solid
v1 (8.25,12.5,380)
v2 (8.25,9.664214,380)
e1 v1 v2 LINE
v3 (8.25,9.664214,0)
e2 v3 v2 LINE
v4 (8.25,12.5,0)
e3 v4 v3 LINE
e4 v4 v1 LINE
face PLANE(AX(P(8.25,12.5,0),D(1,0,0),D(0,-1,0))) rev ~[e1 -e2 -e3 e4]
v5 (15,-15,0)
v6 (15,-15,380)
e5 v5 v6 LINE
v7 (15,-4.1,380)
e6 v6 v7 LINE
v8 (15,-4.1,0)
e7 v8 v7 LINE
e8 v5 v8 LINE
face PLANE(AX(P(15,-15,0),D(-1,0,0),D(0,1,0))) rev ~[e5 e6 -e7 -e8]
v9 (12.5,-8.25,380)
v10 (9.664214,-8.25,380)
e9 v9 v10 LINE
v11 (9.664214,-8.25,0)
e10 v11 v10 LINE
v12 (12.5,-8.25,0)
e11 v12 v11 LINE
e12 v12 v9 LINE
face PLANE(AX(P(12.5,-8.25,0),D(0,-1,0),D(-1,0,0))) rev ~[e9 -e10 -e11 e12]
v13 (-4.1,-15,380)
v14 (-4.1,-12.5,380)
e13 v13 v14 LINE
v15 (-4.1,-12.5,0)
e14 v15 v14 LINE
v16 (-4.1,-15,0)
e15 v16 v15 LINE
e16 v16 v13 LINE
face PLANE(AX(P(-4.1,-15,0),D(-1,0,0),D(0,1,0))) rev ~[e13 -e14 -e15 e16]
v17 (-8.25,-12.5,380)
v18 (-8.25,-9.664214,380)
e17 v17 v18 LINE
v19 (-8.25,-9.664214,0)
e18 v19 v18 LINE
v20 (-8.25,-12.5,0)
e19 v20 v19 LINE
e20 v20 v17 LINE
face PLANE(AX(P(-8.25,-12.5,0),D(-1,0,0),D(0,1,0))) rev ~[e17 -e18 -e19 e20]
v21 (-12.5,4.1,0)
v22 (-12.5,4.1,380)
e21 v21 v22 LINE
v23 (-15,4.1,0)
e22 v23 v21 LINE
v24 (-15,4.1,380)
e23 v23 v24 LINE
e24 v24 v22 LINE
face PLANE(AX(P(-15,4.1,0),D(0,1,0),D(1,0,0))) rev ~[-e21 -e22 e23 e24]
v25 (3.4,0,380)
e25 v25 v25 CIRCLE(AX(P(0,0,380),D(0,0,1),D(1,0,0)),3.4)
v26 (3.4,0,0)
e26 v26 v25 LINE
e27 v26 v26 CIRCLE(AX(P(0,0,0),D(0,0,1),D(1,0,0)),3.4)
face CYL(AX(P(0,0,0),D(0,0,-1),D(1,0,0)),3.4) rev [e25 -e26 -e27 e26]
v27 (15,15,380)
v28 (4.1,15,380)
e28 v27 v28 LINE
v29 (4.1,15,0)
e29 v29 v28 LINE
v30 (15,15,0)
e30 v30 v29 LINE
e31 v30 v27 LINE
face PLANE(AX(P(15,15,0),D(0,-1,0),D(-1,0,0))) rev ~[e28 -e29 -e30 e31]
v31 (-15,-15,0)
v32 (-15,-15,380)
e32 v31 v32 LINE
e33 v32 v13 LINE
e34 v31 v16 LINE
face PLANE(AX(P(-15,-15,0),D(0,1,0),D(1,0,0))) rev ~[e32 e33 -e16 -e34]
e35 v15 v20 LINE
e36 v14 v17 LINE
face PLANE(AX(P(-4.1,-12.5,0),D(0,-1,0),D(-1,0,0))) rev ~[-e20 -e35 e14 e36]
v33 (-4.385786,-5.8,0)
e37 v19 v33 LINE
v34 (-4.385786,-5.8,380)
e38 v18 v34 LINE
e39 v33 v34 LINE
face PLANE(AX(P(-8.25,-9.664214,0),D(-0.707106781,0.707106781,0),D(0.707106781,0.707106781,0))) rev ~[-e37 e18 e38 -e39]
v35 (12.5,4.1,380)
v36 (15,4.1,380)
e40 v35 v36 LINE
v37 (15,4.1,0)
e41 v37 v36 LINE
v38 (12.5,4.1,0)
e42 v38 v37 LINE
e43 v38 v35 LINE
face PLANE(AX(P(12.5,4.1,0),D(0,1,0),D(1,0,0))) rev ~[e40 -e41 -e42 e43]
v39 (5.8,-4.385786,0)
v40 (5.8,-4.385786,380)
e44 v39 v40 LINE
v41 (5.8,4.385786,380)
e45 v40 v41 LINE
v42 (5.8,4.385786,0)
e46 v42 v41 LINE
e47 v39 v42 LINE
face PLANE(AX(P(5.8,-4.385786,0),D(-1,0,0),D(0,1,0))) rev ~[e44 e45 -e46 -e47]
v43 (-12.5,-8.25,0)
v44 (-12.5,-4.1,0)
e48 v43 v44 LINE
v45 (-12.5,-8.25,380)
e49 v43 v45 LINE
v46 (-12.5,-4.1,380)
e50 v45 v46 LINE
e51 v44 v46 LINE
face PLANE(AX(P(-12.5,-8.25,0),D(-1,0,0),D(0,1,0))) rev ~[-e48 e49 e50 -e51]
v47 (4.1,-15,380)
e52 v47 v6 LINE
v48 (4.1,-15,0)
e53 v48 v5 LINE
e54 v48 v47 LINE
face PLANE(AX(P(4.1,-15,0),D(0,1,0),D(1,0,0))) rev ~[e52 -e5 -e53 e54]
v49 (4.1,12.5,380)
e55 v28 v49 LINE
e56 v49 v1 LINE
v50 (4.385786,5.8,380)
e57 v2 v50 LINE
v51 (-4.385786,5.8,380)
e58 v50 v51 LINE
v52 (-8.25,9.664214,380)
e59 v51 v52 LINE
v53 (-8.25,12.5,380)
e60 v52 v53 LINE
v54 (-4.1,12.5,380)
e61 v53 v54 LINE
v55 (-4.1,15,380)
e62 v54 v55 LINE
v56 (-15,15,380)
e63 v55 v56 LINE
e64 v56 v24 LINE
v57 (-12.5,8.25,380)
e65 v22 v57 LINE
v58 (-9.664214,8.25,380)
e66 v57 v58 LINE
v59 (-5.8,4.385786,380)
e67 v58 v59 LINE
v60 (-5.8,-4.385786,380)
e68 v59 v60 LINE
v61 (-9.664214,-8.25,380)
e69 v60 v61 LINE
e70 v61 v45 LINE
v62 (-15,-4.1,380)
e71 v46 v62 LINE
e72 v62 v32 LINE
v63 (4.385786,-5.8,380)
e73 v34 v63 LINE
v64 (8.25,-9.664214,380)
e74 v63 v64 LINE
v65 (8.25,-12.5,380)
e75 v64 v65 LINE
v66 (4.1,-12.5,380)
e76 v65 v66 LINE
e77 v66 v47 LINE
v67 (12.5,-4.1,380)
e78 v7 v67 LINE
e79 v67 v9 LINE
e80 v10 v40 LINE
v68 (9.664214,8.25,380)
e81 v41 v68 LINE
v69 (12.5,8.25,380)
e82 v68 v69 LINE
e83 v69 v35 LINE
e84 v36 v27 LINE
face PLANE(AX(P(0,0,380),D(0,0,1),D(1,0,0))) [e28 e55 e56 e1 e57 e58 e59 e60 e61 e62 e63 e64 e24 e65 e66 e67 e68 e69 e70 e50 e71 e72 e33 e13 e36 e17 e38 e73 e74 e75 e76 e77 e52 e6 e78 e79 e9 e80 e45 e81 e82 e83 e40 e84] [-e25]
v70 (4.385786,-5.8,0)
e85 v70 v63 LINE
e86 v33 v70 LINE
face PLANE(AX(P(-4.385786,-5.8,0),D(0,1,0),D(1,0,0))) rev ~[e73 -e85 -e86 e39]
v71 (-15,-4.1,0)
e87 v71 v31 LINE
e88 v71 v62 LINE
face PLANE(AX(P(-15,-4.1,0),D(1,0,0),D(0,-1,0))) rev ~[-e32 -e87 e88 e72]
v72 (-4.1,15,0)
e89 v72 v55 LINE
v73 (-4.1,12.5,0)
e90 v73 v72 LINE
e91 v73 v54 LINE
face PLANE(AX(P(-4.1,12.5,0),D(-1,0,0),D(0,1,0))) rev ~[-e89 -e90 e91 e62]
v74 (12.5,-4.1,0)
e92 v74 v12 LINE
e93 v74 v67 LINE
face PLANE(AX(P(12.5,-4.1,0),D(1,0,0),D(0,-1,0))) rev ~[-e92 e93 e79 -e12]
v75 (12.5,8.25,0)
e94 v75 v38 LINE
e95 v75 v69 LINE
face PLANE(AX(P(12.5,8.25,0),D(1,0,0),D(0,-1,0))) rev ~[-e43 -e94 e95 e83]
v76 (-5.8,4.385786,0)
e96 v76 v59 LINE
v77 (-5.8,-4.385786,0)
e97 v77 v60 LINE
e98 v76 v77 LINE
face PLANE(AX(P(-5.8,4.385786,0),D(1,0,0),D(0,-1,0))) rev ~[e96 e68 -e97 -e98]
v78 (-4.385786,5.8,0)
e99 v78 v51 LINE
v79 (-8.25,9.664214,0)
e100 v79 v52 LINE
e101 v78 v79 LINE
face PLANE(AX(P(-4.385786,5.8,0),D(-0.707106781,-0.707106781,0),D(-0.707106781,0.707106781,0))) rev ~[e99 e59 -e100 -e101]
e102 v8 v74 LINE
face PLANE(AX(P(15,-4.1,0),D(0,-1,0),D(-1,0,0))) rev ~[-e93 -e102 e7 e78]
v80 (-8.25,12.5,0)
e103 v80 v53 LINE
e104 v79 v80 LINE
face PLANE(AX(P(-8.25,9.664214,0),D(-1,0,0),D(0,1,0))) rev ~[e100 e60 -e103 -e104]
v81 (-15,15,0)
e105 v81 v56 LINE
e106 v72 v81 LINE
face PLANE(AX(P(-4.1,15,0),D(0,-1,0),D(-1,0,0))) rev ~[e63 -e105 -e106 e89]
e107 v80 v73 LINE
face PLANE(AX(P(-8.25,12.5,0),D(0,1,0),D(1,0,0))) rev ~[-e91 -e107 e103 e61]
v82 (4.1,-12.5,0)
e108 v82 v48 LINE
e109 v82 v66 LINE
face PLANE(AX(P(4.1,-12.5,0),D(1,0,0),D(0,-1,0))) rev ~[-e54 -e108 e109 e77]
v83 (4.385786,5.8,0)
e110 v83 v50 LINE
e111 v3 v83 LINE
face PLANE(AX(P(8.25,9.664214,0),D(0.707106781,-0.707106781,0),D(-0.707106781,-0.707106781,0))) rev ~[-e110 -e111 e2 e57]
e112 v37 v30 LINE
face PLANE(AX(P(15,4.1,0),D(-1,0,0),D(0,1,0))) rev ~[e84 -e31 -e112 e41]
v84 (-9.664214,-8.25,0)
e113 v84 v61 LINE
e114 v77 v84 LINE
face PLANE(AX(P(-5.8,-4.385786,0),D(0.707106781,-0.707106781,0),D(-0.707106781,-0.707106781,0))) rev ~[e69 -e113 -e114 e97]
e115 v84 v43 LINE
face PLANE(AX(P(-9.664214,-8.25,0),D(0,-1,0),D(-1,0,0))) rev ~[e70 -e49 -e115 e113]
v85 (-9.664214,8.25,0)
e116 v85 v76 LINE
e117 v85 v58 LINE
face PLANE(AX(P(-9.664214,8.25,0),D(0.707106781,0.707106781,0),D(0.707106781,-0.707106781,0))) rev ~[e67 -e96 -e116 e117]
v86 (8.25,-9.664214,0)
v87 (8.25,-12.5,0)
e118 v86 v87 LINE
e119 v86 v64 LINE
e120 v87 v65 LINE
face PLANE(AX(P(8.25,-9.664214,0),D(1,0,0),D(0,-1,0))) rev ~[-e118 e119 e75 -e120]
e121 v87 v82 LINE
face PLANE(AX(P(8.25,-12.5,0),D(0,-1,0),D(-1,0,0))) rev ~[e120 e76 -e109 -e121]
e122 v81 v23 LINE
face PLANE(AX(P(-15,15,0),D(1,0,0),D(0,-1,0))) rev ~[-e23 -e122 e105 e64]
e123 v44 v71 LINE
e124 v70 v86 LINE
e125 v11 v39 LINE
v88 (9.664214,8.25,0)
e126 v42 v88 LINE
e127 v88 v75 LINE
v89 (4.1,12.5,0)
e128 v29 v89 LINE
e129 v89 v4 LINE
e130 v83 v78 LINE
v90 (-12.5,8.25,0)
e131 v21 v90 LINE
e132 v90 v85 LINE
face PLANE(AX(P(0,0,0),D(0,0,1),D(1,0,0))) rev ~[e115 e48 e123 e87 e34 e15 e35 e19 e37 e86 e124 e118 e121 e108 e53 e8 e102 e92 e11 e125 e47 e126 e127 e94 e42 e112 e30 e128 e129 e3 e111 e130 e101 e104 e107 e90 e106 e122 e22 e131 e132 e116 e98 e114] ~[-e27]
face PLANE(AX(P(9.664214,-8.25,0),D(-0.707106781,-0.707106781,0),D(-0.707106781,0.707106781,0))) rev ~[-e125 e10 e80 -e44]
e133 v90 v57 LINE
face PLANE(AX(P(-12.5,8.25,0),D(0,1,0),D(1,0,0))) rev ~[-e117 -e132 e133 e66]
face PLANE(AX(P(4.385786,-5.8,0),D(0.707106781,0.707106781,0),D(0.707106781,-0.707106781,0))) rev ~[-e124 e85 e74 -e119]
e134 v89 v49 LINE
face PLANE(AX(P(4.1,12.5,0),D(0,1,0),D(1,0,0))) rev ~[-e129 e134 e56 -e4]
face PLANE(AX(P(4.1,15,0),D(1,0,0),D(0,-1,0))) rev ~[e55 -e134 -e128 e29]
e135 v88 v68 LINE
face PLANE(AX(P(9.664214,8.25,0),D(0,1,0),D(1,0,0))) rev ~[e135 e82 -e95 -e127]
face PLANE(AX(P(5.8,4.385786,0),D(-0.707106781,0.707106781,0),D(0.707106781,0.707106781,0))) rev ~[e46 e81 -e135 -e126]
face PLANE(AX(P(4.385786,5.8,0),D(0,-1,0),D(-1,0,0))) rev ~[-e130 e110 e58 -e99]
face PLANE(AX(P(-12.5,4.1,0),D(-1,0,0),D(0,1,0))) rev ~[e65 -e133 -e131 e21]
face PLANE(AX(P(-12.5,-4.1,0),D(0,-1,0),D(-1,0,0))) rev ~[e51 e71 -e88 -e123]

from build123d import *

# Parameters (mm, degrees)
SKETCH_1_R      = 3.4
EXTRUDE_1_DEPTH = 380


with BuildPart() as part:
    # 草图1 → 凸台-拉伸1 (new body)
    with BuildSketch(Plane.XY):
        Polygon((-4.1, 12.5), (-4.1, 15), (-8.25, 15), (-15, 15), (-15, 8.25), (-15, 4.1), (-12.5, 4.1), (-12.5, 8.25), (-9.664213562, 8.25), (-5.8, 4.385786438), (-5.8, -4.385786438), (-9.664213562, -8.25), (-12.5, -8.25), (-12.5, -4.1), (-15, -4.1), (-15, -8.25), (-15, -15), (-8.25, -15), (-4.1, -15), (-4.1, -12.5), (-8.25, -12.5), (-8.25, -9.664213562), (-4.385786438, -5.8), (4.385786438, -5.8), (8.25, -9.664213562), (8.25, -12.5), (4.1, -12.5), (4.1, -15), (8.25, -15), (15, -15), (15, -8.25), (15, -4.1), (12.5, -4.1), (12.5, -8.25), (9.664213562, -8.25), (5.8, -4.385786438), (5.8, 4.385786438), (9.664213562, 8.25), (12.5, 8.25), (12.5, 4.1), (15, 4.1), (15, 8.25), (15, 15), (8.25, 15), (4.1, 15), (4.1, 12.5), (8.25, 12.5), (8.25, 9.664213562), (4.385786438, 5.8), (-4.385786438, 5.8), (-8.25, 9.664213562), (-8.25, 12.5), align=None)
        Circle(SKETCH_1_R, mode=Mode.SUBTRACT)
    extrude(amount=EXTRUDE_1_DEPTH)


solid = part.part
